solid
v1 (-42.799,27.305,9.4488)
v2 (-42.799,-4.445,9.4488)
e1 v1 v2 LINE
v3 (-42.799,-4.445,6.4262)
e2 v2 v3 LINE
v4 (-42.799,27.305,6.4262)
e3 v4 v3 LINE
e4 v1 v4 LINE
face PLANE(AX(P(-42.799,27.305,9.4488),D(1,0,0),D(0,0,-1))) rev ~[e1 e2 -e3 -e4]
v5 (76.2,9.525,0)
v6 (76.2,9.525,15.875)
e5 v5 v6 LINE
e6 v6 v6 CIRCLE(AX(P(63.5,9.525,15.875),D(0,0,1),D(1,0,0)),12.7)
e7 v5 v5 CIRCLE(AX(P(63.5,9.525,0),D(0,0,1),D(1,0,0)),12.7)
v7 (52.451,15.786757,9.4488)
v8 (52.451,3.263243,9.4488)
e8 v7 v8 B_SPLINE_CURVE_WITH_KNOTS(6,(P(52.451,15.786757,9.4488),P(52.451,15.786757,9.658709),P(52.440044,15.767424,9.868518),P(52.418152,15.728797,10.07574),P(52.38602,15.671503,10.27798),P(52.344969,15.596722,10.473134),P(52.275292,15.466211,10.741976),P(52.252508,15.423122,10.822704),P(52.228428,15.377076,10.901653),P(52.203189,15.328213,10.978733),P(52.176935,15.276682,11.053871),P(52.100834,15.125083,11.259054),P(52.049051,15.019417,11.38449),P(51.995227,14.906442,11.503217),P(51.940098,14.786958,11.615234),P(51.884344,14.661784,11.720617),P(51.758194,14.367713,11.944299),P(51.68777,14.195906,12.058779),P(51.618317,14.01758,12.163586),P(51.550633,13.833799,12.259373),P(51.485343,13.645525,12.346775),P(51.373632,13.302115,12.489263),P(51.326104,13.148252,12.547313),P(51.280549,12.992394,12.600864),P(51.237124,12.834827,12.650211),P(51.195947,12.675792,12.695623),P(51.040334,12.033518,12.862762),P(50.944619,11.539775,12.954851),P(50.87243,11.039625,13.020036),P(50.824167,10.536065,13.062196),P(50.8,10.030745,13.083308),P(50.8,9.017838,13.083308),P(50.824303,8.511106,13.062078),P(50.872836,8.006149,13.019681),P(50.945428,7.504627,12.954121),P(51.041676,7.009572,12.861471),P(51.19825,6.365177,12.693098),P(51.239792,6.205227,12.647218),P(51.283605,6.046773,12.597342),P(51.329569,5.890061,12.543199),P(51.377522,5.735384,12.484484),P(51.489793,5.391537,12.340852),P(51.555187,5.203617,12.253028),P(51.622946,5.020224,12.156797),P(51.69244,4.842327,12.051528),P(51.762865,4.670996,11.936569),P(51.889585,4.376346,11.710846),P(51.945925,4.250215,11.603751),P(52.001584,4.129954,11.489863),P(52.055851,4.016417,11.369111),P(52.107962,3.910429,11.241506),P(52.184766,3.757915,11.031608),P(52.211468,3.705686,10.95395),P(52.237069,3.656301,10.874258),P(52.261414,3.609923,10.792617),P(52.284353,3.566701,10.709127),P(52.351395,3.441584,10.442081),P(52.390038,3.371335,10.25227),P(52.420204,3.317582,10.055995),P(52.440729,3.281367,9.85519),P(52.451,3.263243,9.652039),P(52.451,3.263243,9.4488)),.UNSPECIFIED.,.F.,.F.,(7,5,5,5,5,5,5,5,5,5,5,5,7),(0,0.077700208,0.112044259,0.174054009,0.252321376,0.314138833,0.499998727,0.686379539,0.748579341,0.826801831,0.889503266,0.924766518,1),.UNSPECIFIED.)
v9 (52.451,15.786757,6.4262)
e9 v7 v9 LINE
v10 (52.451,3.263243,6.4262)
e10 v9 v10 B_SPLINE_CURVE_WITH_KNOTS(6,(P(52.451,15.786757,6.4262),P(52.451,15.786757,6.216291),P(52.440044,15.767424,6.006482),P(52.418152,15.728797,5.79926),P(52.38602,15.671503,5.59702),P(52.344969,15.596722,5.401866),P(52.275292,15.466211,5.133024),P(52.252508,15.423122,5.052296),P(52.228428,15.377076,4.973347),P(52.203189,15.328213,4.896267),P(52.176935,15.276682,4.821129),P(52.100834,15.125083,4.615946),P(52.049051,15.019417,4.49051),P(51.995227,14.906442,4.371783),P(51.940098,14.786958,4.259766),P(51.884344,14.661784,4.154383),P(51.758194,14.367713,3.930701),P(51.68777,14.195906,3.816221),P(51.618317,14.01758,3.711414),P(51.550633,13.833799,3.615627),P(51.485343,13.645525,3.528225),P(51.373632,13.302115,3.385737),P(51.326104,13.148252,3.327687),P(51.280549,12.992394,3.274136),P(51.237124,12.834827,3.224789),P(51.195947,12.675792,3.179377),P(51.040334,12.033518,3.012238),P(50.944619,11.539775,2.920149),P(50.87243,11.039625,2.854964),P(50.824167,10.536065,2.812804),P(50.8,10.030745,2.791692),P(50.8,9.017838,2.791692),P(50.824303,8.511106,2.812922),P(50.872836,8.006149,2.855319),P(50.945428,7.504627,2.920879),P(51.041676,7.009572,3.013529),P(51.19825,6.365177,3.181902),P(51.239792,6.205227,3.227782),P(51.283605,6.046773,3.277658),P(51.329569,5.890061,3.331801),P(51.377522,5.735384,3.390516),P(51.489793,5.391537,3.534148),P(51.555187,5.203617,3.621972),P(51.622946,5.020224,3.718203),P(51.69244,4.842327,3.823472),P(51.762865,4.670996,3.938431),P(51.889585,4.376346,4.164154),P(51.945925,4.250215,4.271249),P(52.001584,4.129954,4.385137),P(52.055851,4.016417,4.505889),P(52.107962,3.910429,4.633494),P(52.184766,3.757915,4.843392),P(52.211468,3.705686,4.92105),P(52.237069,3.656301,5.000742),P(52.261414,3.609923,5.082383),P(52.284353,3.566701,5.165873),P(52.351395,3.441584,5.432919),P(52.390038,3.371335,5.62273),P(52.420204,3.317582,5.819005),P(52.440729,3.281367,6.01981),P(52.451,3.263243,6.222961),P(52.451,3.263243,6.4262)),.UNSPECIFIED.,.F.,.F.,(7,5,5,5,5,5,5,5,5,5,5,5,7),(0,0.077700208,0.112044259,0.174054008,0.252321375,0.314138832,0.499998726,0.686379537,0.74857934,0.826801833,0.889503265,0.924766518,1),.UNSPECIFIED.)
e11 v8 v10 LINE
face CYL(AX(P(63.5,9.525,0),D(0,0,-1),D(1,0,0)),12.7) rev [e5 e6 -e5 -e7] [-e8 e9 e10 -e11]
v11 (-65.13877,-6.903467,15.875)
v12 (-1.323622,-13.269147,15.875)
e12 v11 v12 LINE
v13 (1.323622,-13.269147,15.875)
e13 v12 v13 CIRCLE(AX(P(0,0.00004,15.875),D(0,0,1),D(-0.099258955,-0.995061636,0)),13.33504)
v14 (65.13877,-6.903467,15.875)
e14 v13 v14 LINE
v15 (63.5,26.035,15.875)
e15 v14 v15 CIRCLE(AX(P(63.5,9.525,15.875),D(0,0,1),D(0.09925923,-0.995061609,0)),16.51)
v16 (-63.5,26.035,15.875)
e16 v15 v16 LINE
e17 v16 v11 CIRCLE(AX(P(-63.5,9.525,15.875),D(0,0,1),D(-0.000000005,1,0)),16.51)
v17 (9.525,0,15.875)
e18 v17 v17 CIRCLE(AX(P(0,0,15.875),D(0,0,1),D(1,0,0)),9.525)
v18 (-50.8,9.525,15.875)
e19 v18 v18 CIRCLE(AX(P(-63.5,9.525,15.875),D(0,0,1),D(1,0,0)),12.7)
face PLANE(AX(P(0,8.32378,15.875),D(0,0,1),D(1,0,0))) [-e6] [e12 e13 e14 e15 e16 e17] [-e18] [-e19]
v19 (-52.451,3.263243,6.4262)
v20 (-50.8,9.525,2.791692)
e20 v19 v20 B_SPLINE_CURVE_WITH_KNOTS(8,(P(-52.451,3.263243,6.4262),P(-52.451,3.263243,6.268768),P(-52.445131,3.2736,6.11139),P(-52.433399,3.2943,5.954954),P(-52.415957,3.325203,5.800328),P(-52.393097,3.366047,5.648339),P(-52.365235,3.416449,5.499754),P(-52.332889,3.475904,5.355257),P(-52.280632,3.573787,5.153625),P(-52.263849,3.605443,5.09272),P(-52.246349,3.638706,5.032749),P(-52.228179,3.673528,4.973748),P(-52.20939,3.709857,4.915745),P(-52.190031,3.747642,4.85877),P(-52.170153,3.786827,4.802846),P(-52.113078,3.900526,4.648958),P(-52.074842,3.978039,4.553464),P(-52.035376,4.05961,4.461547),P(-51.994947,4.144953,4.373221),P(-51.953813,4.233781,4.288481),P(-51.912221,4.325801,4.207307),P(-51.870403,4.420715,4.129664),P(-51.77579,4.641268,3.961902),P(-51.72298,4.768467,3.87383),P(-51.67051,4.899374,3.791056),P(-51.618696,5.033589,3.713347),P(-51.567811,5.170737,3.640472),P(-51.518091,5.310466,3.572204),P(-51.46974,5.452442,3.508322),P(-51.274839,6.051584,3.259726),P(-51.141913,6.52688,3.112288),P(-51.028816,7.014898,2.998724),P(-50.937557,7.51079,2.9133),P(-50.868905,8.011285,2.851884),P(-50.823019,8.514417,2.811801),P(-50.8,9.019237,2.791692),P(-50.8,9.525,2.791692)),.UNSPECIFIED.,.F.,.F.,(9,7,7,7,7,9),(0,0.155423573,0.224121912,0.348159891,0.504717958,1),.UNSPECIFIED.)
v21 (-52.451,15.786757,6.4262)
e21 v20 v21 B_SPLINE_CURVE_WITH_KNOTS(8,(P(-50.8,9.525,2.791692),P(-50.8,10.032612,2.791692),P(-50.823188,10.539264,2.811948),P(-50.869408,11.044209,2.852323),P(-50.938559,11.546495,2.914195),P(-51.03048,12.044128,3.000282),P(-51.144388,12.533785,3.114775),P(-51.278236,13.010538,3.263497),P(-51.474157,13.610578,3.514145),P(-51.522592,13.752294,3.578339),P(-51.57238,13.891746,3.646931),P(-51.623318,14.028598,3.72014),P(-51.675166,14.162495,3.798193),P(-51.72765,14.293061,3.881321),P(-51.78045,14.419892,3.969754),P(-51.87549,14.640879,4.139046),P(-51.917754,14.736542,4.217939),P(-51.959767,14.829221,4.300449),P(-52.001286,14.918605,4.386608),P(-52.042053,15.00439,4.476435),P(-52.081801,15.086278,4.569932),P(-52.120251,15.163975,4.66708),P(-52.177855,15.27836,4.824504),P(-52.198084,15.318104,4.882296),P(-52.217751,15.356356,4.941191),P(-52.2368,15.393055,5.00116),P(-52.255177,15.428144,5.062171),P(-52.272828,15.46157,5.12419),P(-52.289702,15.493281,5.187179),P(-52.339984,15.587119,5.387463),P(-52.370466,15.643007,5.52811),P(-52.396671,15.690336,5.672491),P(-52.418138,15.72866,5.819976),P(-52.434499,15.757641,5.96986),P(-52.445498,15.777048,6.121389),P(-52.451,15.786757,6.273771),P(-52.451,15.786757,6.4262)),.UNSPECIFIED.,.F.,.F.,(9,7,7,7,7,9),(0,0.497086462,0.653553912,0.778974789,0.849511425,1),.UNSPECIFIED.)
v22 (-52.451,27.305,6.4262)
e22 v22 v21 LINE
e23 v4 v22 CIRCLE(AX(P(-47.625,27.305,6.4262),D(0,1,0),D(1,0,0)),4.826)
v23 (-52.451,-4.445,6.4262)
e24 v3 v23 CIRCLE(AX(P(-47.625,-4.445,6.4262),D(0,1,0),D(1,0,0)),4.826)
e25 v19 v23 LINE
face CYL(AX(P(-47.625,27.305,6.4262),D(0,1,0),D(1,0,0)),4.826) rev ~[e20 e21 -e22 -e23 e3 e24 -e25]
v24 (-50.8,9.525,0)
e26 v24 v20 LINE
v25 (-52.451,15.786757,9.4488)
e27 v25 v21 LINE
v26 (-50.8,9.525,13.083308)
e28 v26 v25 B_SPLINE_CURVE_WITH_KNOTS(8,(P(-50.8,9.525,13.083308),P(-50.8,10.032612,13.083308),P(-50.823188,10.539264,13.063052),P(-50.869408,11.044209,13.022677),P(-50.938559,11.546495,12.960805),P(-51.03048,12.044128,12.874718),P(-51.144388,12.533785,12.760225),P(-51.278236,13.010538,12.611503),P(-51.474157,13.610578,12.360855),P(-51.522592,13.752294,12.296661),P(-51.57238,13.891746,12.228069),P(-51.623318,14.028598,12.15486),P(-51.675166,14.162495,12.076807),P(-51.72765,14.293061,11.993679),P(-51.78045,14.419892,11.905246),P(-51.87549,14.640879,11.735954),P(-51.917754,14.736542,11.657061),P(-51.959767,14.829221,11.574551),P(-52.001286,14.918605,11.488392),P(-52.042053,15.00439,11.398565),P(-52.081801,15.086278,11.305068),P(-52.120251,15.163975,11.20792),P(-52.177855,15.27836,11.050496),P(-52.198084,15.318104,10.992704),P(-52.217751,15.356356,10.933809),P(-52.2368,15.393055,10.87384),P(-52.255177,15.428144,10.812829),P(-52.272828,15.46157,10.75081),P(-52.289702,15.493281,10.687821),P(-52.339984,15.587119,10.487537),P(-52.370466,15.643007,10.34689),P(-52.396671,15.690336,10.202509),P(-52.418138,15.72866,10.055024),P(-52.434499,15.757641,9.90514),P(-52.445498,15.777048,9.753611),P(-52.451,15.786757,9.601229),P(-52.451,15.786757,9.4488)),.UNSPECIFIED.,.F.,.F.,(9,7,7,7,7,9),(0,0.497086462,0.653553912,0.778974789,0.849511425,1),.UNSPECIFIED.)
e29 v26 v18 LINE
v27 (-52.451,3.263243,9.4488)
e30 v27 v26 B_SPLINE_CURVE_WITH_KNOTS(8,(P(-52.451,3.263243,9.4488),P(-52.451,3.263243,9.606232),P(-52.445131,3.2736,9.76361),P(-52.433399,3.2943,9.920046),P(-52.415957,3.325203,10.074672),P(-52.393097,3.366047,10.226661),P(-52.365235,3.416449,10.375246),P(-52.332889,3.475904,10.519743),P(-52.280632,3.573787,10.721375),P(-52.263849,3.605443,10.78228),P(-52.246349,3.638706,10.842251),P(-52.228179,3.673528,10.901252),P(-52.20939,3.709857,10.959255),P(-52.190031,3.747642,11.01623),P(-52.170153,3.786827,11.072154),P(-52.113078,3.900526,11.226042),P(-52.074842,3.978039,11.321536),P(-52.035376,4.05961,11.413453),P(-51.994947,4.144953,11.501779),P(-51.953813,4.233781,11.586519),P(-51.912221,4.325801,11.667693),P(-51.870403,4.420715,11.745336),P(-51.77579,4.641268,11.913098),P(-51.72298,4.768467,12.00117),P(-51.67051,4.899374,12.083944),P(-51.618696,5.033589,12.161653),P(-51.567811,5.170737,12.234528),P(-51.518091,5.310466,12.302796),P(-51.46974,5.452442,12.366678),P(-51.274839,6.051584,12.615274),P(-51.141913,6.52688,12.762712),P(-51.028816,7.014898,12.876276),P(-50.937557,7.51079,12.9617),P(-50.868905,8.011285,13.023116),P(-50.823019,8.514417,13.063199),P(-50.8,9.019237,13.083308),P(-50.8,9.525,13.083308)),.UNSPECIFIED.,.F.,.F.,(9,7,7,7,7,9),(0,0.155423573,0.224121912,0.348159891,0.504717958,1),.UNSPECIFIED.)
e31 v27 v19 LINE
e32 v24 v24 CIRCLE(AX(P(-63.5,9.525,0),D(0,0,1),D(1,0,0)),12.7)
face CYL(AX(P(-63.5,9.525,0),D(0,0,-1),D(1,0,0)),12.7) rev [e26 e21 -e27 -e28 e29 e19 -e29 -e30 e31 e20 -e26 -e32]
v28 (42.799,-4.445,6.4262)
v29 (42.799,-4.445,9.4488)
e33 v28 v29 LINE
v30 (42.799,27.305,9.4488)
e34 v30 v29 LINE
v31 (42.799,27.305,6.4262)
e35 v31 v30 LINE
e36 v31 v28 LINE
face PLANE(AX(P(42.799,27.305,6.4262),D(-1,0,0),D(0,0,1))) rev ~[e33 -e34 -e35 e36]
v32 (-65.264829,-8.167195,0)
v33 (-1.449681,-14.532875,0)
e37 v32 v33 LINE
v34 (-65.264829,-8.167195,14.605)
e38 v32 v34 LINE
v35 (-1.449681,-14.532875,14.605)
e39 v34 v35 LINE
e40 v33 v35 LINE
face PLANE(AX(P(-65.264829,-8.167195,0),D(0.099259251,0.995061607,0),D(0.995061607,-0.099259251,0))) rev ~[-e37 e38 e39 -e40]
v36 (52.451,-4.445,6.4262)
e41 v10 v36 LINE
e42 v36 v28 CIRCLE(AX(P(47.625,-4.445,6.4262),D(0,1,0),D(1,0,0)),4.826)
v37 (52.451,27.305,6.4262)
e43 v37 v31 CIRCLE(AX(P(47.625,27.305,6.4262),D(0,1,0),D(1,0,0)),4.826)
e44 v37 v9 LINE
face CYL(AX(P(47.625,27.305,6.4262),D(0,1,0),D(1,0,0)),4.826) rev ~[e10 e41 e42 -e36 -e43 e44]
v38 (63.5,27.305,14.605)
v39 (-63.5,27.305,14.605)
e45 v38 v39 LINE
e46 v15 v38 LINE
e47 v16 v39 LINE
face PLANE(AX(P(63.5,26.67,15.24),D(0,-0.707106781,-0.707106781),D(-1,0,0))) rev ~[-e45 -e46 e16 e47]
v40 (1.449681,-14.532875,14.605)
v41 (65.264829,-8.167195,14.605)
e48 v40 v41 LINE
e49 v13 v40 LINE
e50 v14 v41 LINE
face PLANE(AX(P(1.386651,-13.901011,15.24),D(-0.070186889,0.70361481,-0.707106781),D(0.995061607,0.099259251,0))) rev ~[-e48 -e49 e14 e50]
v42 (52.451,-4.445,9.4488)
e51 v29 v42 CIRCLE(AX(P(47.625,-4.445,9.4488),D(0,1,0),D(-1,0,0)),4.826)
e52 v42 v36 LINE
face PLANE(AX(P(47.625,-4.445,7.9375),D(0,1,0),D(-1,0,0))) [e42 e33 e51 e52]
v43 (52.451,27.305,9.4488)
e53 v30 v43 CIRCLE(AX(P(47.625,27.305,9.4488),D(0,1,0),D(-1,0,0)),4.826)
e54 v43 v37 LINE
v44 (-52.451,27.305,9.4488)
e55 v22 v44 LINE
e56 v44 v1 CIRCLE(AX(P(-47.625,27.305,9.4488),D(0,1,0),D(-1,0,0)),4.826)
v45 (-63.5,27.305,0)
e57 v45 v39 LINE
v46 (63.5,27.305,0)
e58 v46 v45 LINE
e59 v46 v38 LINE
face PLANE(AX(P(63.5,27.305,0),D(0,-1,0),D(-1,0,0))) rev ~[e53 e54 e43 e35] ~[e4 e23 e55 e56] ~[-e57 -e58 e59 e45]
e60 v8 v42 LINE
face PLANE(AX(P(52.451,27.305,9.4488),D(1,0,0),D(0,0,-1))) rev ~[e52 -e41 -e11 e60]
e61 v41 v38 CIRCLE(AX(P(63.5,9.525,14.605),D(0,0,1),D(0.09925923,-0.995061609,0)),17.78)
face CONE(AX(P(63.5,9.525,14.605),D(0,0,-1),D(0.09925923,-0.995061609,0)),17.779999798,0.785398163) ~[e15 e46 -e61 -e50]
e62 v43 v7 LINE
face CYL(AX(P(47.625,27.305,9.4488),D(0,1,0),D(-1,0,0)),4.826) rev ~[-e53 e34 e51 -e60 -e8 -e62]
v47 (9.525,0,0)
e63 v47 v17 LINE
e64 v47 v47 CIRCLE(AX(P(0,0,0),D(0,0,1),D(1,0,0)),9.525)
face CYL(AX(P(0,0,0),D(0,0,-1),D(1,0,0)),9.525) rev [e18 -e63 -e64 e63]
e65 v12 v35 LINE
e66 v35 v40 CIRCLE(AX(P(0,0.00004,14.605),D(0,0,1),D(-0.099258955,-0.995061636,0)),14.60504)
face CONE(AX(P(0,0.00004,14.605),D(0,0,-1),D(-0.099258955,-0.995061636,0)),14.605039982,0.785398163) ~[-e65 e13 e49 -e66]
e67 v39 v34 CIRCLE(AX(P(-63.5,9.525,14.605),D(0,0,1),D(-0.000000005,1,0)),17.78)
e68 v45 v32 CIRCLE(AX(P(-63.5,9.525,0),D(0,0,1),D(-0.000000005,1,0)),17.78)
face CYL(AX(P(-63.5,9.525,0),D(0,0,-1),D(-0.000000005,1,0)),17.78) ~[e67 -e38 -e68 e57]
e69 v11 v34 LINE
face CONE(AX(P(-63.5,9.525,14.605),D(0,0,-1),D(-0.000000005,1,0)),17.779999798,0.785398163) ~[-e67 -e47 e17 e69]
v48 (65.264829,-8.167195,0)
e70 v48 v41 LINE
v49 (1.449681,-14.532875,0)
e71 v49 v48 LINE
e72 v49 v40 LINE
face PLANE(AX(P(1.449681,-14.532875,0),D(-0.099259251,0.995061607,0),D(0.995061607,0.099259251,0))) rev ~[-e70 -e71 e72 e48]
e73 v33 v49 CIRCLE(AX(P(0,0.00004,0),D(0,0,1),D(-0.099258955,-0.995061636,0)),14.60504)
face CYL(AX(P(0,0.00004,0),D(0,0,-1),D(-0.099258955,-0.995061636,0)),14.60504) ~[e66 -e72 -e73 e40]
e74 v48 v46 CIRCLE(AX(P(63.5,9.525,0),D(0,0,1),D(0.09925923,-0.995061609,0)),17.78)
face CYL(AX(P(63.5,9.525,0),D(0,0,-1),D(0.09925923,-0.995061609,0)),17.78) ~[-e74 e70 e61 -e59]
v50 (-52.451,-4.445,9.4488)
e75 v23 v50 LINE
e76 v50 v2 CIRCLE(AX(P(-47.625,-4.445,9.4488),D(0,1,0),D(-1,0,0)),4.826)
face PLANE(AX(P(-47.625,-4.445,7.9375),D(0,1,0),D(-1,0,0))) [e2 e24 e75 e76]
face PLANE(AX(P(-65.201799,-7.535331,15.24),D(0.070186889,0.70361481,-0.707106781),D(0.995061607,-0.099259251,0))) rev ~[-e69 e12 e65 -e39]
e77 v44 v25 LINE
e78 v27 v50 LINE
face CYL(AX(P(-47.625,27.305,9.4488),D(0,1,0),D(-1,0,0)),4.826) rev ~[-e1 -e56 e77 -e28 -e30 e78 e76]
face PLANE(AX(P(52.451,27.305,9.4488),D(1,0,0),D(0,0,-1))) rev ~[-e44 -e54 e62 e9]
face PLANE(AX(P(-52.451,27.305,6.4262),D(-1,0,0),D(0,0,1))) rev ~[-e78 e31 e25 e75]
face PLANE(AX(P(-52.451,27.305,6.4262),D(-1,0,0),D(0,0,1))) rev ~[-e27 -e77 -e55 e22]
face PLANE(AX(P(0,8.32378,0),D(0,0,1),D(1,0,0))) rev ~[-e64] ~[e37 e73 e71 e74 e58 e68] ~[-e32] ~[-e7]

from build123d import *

# Parameters (mm, degrees)
F0_R     = 9.525
F0_R_2   = 12.7
F1_DEPTH = 15.875
F3_DEPTH = 31.75
F4_SIZE  = 1.27


with BuildPart() as f1:
    # F0 (on Top) → F1 (new body)
    with BuildSketch(Plane.XY):
        with BuildLine():
            Line((63.5, 27.305), (-63.5, 27.305))
            ThreePointArc((-63.5, 27.305), (-81.258035, 10.408506), (-65.264829, -8.167195))
            Line((-65.264829, -8.167195), (-1.449681, -14.532875))
            ThreePointArc((-1.449681, -14.532875), (0, -14.605), (1.449681, -14.532875))
            Line((1.449681, -14.532875), (65.264829, -8.167195))
            ThreePointArc((65.264829, -8.167195), (81.258035, 10.408506), (63.5, 27.305))
        make_face()
        Circle(F0_R, mode=Mode.SUBTRACT)
        with Locations((-63.5, 9.525)):
            Circle(F0_R_2, mode=Mode.SUBTRACT)
        with Locations((63.5, 9.525)):
            Circle(F0_R_2, mode=Mode.SUBTRACT)
    extrude(amount=F1_DEPTH)

    # F2 (on face) → F3 (cut)
    with BuildSketch(Plane(origin=(0, 27.305, 0), x_dir=(-1, 0, 0), z_dir=(0, 1, 0))):
        with BuildLine():
            Line((52.451, 6.4262), (52.451, 9.4488))
            ThreePointArc((52.451, 9.4488), (47.625, 14.2748), (42.799, 9.4488))
            Line((42.799, 9.4488), (42.799, 6.4262))
            ThreePointArc((42.799, 6.4262), (47.625, 1.6002), (52.451, 6.4262))
        make_face()
        with BuildLine():
            ThreePointArc((-42.799, 9.4488), (-47.625, 14.2748), (-52.451, 9.4488))
            Line((-52.451, 9.4488), (-52.451, 6.4262))
            ThreePointArc((-52.451, 6.4262), (-47.625, 1.6002), (-42.799, 6.4262))
            Line((-42.799, 6.4262), (-42.799, 9.4488))
        make_face()
    extrude(amount=-F3_DEPTH, mode=Mode.SUBTRACT)

    # F4
    f4_edges = [f1.edges().sort_by_distance(p)[0] for p in [
        (-81.258035, 10.408506, 15.875),
    ]]
    chamfer(f4_edges, length=F4_SIZE)


solid = f1.part
